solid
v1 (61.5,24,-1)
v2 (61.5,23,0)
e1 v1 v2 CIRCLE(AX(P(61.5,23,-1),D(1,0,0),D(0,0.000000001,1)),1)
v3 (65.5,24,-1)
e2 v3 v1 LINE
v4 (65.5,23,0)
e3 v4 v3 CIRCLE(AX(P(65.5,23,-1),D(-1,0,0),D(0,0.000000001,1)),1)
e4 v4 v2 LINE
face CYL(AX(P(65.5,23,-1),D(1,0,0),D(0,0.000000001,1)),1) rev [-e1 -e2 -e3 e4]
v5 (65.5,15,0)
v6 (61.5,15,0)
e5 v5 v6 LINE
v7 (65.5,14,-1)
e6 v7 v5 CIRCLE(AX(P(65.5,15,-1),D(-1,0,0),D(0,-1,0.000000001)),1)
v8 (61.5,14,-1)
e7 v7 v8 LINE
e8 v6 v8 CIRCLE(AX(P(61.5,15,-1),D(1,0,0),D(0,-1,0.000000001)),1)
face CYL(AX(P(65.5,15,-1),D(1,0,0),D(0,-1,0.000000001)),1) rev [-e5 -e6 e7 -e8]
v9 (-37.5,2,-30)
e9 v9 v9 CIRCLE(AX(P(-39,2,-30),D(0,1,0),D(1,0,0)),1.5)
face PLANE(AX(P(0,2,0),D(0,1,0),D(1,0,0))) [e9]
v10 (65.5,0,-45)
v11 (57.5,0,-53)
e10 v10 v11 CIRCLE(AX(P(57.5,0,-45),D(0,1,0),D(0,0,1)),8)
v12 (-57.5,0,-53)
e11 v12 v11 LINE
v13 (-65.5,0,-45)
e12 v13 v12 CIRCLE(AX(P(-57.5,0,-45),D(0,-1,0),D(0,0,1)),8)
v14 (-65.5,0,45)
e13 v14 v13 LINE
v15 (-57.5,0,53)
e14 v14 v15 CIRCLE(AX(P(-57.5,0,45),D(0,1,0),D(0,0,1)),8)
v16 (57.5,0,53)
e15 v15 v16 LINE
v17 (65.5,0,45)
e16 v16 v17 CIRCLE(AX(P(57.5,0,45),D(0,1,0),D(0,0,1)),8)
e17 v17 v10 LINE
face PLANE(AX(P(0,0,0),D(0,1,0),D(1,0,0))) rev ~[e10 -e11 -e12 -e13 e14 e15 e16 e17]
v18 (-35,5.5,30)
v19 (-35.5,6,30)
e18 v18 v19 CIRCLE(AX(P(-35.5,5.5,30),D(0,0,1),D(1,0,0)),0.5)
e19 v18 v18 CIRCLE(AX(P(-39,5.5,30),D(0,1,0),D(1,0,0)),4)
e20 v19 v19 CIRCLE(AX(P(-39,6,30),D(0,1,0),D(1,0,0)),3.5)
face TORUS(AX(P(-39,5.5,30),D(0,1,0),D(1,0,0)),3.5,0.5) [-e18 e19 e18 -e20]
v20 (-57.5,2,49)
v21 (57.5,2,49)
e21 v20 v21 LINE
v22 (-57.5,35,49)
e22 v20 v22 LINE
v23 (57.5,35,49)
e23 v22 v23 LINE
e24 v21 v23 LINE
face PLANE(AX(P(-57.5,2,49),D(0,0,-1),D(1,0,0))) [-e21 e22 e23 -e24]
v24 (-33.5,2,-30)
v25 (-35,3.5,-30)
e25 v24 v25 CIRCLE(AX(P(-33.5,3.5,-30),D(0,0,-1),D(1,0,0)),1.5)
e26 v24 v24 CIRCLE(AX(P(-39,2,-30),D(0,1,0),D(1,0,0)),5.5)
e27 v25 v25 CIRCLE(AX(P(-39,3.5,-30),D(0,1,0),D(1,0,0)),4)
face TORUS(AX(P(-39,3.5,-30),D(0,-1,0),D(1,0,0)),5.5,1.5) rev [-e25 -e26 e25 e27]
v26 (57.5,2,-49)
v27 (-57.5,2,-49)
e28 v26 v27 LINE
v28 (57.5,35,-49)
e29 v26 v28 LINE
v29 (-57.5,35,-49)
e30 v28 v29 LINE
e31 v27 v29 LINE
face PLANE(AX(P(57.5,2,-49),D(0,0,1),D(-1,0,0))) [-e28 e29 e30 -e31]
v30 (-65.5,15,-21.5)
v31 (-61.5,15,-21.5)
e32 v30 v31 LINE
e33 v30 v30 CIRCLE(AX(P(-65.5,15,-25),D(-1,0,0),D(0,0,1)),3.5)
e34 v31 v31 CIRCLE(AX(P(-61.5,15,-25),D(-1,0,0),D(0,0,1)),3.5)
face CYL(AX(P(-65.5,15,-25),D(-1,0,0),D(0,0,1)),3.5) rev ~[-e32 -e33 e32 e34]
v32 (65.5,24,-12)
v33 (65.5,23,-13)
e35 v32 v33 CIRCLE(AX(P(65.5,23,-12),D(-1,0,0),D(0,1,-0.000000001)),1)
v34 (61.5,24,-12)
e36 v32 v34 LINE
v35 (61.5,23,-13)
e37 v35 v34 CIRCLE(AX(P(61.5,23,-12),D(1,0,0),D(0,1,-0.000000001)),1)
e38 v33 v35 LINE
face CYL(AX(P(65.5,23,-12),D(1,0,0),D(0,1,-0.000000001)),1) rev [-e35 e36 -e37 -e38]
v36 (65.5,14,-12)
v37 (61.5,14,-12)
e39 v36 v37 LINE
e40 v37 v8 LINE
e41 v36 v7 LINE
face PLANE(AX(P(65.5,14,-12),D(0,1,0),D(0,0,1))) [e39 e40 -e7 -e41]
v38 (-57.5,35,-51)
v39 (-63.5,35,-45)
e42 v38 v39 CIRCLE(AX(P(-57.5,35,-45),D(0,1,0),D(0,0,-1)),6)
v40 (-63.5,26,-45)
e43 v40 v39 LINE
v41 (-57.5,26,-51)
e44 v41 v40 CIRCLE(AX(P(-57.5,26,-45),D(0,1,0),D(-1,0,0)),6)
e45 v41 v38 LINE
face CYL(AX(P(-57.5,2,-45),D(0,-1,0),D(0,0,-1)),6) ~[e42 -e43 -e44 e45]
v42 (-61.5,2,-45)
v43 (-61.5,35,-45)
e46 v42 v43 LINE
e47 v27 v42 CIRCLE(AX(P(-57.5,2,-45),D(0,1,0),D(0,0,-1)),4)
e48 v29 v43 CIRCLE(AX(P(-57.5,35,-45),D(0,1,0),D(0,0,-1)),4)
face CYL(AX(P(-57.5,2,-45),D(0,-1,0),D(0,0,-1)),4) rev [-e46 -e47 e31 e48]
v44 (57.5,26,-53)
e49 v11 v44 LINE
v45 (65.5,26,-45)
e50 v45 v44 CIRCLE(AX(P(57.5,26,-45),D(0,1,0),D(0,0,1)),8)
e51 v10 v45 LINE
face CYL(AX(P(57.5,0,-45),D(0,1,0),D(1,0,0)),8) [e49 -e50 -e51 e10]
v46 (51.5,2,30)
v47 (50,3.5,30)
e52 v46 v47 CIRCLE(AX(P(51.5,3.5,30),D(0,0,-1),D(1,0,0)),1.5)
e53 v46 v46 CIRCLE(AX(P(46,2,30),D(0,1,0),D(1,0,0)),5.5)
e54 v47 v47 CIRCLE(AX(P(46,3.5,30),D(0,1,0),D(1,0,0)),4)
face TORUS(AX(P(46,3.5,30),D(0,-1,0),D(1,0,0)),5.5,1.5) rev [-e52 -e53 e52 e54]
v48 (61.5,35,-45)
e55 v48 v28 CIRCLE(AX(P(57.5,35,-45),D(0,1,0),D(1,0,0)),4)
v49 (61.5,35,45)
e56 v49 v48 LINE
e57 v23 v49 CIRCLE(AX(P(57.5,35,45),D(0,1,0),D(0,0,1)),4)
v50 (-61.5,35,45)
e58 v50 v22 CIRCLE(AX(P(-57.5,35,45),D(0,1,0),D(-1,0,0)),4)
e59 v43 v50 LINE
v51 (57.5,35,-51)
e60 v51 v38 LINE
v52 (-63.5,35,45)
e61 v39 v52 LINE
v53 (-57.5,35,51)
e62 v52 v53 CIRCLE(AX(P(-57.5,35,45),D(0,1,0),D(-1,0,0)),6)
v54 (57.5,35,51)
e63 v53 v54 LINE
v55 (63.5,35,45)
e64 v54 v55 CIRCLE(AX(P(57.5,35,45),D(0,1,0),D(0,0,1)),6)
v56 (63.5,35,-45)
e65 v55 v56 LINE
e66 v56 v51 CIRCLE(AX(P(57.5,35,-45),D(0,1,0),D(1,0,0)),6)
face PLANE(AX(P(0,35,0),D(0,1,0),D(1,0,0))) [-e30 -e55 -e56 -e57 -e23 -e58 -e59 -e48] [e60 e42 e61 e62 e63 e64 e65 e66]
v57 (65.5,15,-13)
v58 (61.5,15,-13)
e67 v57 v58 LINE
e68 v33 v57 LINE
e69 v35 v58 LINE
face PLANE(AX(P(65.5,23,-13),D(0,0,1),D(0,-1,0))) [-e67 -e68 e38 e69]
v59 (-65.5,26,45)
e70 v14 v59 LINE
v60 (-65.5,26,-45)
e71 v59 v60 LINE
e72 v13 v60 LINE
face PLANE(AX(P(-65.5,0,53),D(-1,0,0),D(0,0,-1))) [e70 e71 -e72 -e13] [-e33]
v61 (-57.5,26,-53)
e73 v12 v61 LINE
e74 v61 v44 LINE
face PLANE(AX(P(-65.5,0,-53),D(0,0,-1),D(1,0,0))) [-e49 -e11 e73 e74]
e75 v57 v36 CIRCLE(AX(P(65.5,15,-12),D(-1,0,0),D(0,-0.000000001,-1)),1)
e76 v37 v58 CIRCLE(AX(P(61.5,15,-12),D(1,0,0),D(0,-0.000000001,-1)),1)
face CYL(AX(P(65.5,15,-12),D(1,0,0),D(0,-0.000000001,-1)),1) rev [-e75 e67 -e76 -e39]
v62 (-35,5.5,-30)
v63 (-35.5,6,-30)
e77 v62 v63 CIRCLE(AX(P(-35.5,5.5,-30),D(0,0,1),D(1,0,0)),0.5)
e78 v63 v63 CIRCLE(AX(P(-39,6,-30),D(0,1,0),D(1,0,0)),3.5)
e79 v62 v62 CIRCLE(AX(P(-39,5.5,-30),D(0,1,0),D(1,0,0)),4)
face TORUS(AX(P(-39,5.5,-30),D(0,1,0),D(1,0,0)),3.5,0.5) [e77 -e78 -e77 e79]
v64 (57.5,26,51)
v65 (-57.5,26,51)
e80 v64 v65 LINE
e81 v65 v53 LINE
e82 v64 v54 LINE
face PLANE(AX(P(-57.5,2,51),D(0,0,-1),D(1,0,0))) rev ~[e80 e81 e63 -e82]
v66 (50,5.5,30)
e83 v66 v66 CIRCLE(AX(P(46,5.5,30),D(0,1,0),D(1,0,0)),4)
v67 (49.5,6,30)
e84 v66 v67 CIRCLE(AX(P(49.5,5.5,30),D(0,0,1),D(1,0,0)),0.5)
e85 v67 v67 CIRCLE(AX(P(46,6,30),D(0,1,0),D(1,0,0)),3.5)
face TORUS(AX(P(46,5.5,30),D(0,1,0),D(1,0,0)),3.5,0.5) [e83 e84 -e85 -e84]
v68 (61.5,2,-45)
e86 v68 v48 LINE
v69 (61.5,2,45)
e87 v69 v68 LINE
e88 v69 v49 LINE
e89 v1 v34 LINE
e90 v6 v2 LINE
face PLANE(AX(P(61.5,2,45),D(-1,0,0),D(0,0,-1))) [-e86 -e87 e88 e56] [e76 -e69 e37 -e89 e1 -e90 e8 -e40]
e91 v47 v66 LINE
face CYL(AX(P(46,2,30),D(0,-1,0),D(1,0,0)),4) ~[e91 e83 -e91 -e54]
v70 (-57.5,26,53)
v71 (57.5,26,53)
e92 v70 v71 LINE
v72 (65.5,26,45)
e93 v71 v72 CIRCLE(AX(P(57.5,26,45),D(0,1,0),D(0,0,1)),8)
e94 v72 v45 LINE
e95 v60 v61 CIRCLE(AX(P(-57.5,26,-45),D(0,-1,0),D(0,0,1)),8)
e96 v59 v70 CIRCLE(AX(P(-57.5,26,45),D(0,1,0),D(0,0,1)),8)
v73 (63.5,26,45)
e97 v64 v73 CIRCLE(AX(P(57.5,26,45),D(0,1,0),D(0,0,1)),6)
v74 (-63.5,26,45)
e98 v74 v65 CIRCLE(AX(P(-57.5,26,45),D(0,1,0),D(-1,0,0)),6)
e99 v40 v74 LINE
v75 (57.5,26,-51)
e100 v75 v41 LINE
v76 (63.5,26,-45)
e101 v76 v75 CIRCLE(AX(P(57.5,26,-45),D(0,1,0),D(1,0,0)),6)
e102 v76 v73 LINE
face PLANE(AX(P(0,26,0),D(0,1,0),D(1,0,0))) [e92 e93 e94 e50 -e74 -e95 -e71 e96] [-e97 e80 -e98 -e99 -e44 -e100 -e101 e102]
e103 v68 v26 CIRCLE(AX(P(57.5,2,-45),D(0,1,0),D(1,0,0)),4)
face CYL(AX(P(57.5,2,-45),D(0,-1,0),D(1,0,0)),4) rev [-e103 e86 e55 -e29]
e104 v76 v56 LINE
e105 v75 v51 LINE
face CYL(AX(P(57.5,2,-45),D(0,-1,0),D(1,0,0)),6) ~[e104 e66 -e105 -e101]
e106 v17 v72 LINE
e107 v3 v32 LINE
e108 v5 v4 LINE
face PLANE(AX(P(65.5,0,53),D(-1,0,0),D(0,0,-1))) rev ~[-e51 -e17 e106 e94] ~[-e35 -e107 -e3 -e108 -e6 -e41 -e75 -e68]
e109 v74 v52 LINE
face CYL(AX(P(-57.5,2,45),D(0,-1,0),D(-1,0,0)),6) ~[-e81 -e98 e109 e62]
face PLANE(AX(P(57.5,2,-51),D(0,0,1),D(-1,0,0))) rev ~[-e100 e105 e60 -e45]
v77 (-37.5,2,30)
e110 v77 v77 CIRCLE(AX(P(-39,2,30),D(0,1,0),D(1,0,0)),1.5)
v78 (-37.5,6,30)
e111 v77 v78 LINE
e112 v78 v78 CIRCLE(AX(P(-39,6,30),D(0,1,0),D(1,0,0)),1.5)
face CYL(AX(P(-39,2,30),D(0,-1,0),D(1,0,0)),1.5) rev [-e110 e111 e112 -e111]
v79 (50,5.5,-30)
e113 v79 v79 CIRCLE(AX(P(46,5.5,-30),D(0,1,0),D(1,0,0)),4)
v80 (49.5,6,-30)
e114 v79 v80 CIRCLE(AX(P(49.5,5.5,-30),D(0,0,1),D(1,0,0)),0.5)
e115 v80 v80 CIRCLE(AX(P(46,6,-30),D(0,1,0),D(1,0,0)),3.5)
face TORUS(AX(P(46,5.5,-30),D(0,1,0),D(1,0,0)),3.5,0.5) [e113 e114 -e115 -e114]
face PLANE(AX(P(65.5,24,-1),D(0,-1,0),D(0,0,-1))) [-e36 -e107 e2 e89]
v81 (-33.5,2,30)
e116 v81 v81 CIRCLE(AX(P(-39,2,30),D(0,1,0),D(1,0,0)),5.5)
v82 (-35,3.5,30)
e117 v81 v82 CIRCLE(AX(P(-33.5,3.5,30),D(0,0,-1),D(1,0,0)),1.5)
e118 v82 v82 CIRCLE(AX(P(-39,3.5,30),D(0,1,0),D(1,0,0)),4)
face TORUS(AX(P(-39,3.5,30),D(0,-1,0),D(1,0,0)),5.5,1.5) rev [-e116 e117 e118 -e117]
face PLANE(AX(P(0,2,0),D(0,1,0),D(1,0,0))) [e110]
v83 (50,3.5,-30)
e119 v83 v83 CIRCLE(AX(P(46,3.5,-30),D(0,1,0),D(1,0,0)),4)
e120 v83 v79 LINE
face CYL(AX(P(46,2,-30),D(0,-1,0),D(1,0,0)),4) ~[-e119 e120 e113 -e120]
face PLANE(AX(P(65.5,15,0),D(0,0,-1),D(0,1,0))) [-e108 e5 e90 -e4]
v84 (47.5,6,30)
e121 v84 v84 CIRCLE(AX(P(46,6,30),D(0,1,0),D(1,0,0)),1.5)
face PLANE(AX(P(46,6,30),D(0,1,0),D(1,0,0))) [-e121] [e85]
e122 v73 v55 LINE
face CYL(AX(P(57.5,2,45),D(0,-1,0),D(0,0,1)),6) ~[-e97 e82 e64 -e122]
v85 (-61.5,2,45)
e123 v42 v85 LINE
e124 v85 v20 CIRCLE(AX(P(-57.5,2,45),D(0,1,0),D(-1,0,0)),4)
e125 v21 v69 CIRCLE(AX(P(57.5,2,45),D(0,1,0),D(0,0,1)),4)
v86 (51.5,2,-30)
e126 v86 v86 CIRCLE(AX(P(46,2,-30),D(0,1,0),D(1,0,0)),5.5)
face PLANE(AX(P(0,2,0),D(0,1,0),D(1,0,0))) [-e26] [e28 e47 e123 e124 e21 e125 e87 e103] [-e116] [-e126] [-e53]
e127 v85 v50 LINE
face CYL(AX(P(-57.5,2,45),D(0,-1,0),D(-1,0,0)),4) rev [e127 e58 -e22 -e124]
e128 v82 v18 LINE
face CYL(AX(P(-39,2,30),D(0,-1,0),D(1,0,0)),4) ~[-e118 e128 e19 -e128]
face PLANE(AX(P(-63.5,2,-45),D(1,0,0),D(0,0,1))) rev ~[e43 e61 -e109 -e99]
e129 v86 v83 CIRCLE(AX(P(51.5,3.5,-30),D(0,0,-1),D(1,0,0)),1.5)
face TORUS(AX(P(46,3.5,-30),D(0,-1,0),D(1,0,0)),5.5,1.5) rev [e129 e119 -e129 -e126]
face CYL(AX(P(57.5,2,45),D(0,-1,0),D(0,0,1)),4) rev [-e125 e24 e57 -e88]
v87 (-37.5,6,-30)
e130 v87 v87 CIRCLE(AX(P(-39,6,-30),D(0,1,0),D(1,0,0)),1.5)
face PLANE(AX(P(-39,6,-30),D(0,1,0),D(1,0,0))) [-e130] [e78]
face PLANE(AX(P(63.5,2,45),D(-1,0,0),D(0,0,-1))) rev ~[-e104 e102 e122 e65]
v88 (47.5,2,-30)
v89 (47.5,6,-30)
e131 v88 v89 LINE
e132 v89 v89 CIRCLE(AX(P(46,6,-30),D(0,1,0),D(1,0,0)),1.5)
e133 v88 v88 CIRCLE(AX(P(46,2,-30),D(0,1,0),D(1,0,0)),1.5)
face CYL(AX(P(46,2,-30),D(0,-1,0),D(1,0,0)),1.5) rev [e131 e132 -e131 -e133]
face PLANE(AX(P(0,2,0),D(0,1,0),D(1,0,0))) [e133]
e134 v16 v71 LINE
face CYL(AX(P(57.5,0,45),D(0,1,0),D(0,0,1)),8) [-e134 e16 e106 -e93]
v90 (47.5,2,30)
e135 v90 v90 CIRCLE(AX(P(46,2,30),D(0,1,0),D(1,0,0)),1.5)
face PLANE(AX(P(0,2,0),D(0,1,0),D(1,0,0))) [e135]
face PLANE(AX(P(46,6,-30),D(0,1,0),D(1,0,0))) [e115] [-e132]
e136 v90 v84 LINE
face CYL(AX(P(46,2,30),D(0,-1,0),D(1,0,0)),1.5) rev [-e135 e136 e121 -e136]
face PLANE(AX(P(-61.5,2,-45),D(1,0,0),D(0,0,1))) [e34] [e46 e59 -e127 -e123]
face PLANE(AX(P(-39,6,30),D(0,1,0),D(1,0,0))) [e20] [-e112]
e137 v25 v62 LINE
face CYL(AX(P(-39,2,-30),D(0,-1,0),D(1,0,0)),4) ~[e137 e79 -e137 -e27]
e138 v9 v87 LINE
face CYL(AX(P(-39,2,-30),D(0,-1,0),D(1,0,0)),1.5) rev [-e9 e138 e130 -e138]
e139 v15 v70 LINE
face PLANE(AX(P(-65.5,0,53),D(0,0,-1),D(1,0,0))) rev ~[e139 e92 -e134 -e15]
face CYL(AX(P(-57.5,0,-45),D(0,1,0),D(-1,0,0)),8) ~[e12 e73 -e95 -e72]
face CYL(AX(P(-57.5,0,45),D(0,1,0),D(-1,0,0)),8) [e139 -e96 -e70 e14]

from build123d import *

# Parameters (mm, degrees)
CROQUIS1_W              = 131
CROQUIS1_H              = 106
CROQUIS1_R              = 1.5
SALIENTE_EXTRUIR1_DEPTH = 26
REDONDEO2_R             = 8
VACIADO1_T              = -2
CROQUIS3_R              = 4
CROQUIS3_R_2            = 1.5
SALIENTE_EXTRUIR2_DEPTH = 4
REDONDEO4_R             = 1.5
REDONDEO5_R             = 0.5
SALIENTE_EXTRUIR3_DEPTH = 33
CORTAR_EXTRUIR2_REACH   = 133
CORTAR_EXTRUIR3_REACH   = 133
CROQUIS7_R              = 3.5


with BuildPart() as part:
    # Croquis1 → Saliente-Extruir1 (new body)
    with BuildSketch(Plane(origin=(0, 0, 0), x_dir=(1, 0, 0), z_dir=(0, 1, 0))):
        Rectangle(CROQUIS1_W, CROQUIS1_H)
        with Locations((42.5, 30)):
            Circle(CROQUIS1_R, mode=Mode.SUBTRACT)
        with Locations((42.5, -30)):
            Circle(CROQUIS1_R, mode=Mode.SUBTRACT)
        with Locations((-42.5, 30)):
            Circle(CROQUIS1_R, mode=Mode.SUBTRACT)
        with Locations((-42.5, -30)):
            Circle(CROQUIS1_R, mode=Mode.SUBTRACT)
        with Locations((-42.5, -30)):
            Circle(CROQUIS1_R)
        with Locations((-42.5, 30)):
            Circle(CROQUIS1_R)
        with Locations((42.5, 30)):
            Circle(CROQUIS1_R)
        with Locations((42.5, -30)):
            Circle(CROQUIS1_R)
    extrude(amount=SALIENTE_EXTRUIR1_DEPTH)

    # Redondeo2
    redondeo2_edges = [part.edges().sort_by_distance(p)[0] for p in [
        (-65.5, 13, -53),
        (65.5, 13, -53),
        (65.5, 13, 53),
        (-65.5, 13, 53),
    ]]
    fillet(redondeo2_edges, radius=REDONDEO2_R)

    # Vaciado1
    vaciado1_openings = [part.faces().sort_by_distance(p)[0] for p in [
        (0, 26, 0),
    ]]
    offset(amount=VACIADO1_T, openings=vaciado1_openings, kind=Kind.INTERSECTION)

    # Croquis3 → Saliente-Extruir2 (add)
    with BuildSketch(Plane(origin=(0, 2, 0), x_dir=(1, 0, 0), z_dir=(0, 1, 0))):
        with Locations((46, 30)):
            Circle(CROQUIS3_R)
        with Locations((46, 30)):
            Circle(CROQUIS3_R_2, mode=Mode.SUBTRACT)
        with Locations((-39, 30)):
            Circle(CROQUIS3_R)
        with Locations((-39, 30)):
            Circle(CROQUIS3_R_2, mode=Mode.SUBTRACT)
        with Locations((46, -30)):
            Circle(CROQUIS3_R)
        with Locations((46, -30)):
            Circle(CROQUIS3_R_2, mode=Mode.SUBTRACT)
        with Locations((-39, -30)):
            Circle(CROQUIS3_R)
        with Locations((-39, -30)):
            Circle(CROQUIS3_R_2, mode=Mode.SUBTRACT)
    extrude(amount=SALIENTE_EXTRUIR2_DEPTH)

    # Redondeo4
    redondeo4_edges = [part.edges().sort_by_distance(p)[0] for p in [
        (42, 2, -30),
        (42, 2, 30),
        (-43, 2, 30),
        (-43, 2, -30),
    ]]
    fillet(redondeo4_edges, radius=REDONDEO4_R)

    # Redondeo5
    redondeo5_edges = [part.edges().sort_by_distance(p)[0] for p in [
        (42, 6, -30),
        (42, 6, 30),
        (-43, 6, 30),
        (-43, 6, -30),
    ]]
    fillet(redondeo5_edges, radius=REDONDEO5_R)

    # Croquis4 → Saliente-Extruir3 (add)
    with BuildSketch(Plane(origin=(0, 2, 0), x_dir=(1, 0, 0), z_dir=(0, 1, 0))):
        with BuildLine():
            ThreePointArc((63.5, 45), (61.742640687, 49.242640687), (57.5, 51))
            Line((57.5, 51), (-57.5, 51))
            ThreePointArc((-57.5, 51), (-61.742640687, 49.242640687), (-63.5, 45))
            Line((-63.5, 45), (-63.5, -45))
            ThreePointArc((-63.5, -45), (-61.742640687, -49.242640687), (-57.5, -51))
            Line((-57.5, -51), (57.5, -51))
            ThreePointArc((57.5, -51), (61.742640687, -49.242640687), (63.5, -45))
            Line((63.5, -45), (63.5, 45))
        make_face()
        with BuildLine():
            ThreePointArc((-57.5, 49), (-60.328427125, 47.828427125), (-61.5, 45))
            Line((-61.5, 45), (-61.5, -45))
            ThreePointArc((-61.5, -45), (-60.328427125, -47.828427125), (-57.5, -49))
            Line((-57.5, -49), (57.5, -49))
            ThreePointArc((57.5, -49), (60.328427125, -47.828427125), (61.5, -45))
            Line((61.5, -45), (61.5, 45))
            ThreePointArc((61.5, 45), (60.328427125, 47.828427125), (57.5, 49))
            Line((57.5, 49), (-57.5, 49))
        make_face(mode=Mode.SUBTRACT)
    extrude(amount=SALIENTE_EXTRUIR3_DEPTH)

    # Croquis5 → Cortar-Extruir2 (cut, up to next)
    with BuildSketch(Plane(origin=(65.5, 0, 0), x_dir=(0, 0, -1), z_dir=(1, 0, 0)), mode=Mode.PRIVATE) as cortar_extruir2_sk1:
        with BuildLine():
            Line((1, 24), (12, 24))
            ThreePointArc((12, 24), (12.707106781, 23.707106781), (13, 23))
            Line((13, 23), (13, 15))
            ThreePointArc((13, 15), (12.707106781, 14.292893219), (12, 14))
            Line((12, 14), (1, 14))
            ThreePointArc((1, 14), (0.292893219, 14.292893219), (0, 15))
            Line((0, 15), (0, 23))
            ThreePointArc((0, 23), (0.292893219, 23.707106781), (1, 24))
        make_face()
    cortar_extruir2_tool1 = extrude(cortar_extruir2_sk1.sketch, amount=-CORTAR_EXTRUIR2_REACH, mode=Mode.PRIVATE) & part.part
    add(cortar_extruir2_tool1.solids().sort_by_distance((65.5, 19, -6.5))[0], mode=Mode.SUBTRACT)

    # Croquis7 → Cortar-Extruir3 (cut, up to next)
    with BuildSketch(Plane.ZY.offset(65.5), mode=Mode.PRIVATE) as cortar_extruir3_sk1:
        with Locations((-25, 15)):
            Circle(CROQUIS7_R)
    cortar_extruir3_tool1 = extrude(cortar_extruir3_sk1.sketch, amount=-CORTAR_EXTRUIR3_REACH, mode=Mode.PRIVATE) & part.part
    add(cortar_extruir3_tool1.solids().sort_by_distance((-65.5, 15, -25))[0], mode=Mode.SUBTRACT)


solid = part.part
